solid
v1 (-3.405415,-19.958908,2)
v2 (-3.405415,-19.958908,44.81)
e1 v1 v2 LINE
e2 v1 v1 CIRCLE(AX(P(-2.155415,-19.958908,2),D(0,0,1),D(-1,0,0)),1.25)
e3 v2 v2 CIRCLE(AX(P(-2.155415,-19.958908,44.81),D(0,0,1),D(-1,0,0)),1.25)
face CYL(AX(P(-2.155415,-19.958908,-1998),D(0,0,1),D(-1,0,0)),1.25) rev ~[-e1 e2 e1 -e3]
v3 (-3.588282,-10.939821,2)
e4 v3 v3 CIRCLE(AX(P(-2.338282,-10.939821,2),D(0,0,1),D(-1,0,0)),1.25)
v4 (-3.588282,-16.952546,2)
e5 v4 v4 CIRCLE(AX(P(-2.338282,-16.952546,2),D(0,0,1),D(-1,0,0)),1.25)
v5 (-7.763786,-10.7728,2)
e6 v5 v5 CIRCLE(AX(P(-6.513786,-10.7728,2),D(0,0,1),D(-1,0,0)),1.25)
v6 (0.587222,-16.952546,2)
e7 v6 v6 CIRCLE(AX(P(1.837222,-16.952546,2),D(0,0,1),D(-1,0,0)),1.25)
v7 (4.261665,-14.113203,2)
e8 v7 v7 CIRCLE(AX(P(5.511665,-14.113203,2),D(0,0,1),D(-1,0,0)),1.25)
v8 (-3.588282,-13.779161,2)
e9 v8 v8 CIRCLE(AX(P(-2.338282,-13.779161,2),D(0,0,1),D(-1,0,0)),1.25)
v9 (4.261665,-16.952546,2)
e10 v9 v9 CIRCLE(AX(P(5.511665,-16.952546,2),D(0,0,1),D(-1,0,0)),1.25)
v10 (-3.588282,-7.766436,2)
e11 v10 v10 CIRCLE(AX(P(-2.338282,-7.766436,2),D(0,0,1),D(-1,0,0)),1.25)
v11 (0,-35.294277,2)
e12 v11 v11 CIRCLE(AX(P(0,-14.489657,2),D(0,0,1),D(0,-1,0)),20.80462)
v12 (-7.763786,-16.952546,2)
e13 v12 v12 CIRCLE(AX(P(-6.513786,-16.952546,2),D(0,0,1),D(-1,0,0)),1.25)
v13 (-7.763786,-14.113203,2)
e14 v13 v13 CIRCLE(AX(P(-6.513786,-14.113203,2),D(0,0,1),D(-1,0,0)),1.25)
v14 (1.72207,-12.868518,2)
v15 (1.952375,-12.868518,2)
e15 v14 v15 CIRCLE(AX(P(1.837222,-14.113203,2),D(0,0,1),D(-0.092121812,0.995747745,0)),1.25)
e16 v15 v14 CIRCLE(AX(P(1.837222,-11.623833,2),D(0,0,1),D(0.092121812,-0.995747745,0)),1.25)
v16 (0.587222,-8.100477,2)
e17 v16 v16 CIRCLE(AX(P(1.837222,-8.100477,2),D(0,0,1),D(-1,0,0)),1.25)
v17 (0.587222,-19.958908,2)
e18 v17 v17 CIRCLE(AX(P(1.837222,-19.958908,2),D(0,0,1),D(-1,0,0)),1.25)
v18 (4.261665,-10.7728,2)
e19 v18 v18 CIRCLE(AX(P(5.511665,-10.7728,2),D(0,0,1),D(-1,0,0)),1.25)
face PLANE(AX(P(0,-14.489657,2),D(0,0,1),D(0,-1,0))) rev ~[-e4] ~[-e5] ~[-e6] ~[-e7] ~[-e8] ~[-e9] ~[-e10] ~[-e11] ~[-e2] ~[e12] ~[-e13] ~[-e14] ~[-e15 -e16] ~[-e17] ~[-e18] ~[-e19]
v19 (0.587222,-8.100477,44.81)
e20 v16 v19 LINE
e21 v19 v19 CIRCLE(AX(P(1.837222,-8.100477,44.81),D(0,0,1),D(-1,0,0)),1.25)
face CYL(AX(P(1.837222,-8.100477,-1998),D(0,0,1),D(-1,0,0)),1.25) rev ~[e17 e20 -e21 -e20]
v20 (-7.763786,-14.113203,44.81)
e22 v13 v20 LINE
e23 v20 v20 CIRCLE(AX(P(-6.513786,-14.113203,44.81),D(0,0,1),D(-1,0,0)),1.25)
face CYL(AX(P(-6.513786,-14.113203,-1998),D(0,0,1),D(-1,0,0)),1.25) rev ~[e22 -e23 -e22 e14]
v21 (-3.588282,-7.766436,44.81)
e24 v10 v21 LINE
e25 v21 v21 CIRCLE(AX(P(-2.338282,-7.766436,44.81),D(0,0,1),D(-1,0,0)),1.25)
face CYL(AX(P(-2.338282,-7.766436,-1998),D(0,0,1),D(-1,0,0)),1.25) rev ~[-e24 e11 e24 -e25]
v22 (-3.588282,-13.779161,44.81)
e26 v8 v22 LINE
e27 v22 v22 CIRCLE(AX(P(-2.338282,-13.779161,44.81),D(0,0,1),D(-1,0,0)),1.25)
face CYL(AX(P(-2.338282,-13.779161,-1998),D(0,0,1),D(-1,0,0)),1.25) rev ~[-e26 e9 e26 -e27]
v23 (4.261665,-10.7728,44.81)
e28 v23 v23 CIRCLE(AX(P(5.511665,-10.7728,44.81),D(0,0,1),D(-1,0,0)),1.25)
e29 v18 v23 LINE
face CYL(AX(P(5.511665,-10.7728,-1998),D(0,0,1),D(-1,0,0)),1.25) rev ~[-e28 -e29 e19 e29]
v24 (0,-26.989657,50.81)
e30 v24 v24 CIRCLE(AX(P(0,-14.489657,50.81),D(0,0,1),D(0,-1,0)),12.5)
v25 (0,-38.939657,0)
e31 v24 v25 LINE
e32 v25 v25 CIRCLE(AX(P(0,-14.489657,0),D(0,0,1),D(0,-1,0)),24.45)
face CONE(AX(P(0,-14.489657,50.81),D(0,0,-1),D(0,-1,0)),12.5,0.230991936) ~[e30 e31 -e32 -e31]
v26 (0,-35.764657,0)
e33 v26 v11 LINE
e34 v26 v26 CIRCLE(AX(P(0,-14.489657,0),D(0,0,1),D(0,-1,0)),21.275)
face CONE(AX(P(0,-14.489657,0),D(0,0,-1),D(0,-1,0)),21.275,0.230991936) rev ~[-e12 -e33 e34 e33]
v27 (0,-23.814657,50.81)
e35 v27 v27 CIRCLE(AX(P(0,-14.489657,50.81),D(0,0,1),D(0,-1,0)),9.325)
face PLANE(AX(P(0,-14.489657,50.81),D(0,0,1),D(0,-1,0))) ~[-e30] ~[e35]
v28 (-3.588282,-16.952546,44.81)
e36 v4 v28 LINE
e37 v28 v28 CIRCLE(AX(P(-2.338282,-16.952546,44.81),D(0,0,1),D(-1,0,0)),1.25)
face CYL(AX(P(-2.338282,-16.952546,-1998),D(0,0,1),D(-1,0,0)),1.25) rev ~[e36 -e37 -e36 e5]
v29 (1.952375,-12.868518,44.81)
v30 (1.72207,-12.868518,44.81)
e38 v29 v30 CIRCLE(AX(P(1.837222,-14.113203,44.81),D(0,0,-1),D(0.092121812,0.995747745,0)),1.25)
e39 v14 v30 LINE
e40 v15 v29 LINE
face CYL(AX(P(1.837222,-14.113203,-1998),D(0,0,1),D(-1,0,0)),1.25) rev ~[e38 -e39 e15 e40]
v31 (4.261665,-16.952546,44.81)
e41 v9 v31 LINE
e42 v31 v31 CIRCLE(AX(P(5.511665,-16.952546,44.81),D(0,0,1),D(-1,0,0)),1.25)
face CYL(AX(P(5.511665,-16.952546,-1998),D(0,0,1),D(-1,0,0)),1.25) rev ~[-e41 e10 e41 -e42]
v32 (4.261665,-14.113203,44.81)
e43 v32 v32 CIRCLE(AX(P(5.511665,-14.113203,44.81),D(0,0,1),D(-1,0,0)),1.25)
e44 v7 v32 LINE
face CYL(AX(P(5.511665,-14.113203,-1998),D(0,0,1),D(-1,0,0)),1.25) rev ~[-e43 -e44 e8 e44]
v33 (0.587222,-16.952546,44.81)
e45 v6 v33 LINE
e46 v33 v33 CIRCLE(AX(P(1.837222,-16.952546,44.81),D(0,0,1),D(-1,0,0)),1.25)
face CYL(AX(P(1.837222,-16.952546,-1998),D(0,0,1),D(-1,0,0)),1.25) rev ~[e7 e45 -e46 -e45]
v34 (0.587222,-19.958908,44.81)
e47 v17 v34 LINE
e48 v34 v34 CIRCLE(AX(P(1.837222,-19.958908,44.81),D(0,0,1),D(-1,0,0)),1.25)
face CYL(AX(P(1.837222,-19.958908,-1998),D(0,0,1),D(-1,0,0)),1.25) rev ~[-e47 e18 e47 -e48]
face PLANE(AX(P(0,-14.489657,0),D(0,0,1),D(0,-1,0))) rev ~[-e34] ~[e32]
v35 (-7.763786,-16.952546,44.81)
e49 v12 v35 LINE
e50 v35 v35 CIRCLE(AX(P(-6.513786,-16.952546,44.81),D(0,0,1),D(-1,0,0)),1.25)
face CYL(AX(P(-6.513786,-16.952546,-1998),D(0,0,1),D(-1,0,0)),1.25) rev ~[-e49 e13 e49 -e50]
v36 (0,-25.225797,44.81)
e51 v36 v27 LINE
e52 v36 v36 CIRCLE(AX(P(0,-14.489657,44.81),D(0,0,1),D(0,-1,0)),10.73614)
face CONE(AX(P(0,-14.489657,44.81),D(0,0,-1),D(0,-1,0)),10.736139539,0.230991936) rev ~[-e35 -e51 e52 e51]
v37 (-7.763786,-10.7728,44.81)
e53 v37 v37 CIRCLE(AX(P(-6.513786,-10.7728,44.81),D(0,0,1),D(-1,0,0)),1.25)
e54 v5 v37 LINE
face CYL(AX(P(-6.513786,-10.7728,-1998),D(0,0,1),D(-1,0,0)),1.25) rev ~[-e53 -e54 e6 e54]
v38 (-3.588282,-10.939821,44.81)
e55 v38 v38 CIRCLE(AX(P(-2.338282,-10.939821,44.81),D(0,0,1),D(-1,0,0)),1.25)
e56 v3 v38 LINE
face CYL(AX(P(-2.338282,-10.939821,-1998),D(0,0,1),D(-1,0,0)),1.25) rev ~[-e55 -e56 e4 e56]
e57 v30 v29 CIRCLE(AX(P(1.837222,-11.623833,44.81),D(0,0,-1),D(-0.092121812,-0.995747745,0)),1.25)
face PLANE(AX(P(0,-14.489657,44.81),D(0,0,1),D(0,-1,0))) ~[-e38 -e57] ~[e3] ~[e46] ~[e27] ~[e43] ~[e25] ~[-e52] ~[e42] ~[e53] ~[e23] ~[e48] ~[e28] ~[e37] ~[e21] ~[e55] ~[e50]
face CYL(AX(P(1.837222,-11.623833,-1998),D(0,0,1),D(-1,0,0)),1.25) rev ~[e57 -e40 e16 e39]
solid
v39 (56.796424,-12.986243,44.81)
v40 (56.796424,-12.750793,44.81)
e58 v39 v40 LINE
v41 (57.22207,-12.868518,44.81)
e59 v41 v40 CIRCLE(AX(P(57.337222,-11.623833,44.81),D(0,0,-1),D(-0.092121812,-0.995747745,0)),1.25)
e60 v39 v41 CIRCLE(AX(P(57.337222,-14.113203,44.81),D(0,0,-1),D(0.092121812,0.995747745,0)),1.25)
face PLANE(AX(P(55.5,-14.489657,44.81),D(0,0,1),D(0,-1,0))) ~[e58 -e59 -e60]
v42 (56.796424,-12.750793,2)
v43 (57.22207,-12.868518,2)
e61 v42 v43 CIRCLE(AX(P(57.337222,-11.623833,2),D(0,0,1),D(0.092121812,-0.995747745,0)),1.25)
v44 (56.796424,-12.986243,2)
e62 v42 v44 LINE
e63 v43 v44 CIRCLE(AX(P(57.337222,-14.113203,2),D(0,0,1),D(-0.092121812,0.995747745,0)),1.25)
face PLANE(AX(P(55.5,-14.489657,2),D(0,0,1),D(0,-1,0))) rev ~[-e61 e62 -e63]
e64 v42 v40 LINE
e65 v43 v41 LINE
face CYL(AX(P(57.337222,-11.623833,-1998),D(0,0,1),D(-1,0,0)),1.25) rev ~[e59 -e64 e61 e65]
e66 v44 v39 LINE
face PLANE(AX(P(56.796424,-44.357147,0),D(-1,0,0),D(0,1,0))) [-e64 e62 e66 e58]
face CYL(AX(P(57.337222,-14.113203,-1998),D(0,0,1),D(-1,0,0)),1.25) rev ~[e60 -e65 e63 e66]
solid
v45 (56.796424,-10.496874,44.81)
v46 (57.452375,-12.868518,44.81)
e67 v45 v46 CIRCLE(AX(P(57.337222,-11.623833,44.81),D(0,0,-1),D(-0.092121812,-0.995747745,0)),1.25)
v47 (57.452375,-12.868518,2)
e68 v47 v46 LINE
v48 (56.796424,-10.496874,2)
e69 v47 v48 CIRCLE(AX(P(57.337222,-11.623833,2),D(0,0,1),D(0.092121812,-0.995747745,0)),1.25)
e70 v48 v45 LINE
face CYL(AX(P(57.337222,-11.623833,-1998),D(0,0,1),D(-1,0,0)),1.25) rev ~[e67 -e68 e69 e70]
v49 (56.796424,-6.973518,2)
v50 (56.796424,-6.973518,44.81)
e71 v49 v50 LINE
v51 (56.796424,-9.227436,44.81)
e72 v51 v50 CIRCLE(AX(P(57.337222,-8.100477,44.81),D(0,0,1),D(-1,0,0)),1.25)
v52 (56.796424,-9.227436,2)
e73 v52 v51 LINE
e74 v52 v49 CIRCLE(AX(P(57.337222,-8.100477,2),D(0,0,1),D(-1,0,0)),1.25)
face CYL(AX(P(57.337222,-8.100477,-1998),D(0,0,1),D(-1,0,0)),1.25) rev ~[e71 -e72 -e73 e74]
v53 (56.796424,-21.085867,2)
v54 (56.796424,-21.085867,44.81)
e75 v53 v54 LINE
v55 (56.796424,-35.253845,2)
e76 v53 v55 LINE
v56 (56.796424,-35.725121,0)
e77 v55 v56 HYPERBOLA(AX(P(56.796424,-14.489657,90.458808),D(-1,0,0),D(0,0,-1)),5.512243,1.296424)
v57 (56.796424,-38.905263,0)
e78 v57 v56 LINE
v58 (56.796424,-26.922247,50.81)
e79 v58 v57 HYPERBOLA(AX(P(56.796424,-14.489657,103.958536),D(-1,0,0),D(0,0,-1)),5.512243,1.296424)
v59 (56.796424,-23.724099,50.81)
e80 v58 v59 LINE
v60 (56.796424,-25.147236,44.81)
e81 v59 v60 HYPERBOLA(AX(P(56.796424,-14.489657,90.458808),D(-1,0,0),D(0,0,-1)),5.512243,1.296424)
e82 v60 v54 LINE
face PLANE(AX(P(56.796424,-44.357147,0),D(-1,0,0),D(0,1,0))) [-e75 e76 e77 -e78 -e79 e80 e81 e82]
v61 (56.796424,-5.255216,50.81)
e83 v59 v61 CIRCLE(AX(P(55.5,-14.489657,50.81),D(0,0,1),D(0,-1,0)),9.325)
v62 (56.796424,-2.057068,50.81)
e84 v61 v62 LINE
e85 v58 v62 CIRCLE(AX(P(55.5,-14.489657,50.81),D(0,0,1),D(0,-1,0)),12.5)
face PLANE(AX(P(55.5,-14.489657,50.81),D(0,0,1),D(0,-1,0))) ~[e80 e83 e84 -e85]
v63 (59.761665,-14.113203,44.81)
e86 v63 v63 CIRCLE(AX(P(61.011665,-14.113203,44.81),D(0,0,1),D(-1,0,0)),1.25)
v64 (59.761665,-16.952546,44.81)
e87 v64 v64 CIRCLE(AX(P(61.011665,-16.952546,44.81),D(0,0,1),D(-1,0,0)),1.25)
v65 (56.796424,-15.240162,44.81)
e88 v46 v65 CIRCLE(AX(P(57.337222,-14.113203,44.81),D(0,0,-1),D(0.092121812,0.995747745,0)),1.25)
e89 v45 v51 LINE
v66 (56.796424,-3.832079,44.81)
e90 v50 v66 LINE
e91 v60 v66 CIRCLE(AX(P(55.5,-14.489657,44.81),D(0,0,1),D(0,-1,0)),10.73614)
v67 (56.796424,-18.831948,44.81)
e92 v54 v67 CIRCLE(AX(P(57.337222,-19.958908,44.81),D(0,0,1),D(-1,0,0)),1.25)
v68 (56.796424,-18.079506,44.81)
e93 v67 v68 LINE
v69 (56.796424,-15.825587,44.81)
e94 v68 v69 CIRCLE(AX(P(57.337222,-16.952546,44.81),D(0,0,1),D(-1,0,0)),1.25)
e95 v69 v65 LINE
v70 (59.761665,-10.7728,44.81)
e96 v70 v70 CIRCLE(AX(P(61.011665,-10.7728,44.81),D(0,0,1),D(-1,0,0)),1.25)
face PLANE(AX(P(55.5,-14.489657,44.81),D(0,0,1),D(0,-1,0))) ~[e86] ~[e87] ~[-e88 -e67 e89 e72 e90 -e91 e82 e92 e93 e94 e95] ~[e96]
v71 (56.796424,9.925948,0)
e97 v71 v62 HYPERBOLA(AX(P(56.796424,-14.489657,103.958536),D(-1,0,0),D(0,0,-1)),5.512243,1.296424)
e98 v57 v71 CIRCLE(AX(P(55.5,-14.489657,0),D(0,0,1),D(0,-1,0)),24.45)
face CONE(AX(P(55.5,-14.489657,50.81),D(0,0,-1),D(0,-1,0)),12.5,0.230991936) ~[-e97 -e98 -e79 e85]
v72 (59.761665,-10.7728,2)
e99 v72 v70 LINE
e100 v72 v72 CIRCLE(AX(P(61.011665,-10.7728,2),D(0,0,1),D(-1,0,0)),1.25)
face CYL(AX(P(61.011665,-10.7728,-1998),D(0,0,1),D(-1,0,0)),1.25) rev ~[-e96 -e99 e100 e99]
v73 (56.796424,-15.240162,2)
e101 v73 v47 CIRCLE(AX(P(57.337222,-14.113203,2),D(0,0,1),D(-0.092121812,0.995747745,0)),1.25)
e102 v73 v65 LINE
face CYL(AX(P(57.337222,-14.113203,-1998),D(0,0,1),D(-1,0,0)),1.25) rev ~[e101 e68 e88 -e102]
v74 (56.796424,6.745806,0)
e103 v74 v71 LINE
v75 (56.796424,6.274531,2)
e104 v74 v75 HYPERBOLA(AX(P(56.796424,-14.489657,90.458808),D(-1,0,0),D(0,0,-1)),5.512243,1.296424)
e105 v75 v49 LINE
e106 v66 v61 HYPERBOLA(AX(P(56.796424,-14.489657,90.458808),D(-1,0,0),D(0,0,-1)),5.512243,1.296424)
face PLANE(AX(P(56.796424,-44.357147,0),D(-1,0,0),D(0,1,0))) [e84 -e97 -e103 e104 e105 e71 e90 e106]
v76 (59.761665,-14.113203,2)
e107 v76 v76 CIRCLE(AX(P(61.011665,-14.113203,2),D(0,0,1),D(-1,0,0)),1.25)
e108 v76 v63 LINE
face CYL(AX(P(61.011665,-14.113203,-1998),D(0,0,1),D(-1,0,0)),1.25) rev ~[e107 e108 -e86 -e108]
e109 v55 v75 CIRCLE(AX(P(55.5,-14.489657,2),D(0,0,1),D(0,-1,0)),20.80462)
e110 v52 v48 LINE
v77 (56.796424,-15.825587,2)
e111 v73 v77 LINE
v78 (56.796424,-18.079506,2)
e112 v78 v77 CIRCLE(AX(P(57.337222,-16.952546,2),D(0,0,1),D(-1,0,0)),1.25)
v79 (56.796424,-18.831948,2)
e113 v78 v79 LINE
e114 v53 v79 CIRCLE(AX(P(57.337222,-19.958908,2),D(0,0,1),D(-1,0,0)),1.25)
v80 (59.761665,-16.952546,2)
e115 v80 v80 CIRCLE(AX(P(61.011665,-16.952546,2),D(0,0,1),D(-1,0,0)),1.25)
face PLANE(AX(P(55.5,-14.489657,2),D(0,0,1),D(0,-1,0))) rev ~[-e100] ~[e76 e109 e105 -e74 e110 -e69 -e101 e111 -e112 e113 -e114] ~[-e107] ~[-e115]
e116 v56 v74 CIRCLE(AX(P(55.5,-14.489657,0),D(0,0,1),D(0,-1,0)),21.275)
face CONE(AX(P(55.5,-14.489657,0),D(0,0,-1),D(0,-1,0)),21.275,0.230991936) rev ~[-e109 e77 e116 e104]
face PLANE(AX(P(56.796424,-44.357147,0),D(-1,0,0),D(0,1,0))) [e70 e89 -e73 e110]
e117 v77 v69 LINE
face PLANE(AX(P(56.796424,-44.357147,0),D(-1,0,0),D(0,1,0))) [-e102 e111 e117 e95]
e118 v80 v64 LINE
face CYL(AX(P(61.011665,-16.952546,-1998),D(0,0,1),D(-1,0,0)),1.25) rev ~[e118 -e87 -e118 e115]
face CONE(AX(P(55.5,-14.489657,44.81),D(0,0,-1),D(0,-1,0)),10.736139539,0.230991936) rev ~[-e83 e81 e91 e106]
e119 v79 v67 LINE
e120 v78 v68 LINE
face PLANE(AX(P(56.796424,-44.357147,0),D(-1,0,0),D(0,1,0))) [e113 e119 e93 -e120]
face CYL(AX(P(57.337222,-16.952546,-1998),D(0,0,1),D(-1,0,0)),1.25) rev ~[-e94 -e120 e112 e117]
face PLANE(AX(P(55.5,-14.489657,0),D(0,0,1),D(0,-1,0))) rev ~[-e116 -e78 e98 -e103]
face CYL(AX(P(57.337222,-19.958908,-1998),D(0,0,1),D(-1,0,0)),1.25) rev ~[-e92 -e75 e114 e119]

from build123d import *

# Parameters (mm, degrees)
F3_D     = 2.5
F3_DEPTH = 2000
F3_START = 2
F3_TIP   = 0.7510757738
F6_DEPTH = 61


with BuildPart() as f1:
    # F0 (on Right) → F1 (revolve)
    with BuildSketch(Plane.YZ):
        Polygon((-26.9896572456, 50.81), (-38.9396572456, 0), (-35.7646572456, 0), (-35.2942773991, 2), (-25.225796785, 44.81), (-23.8146572456, 50.81), align=None)
        Polygon((-25.225796785, 44.81), (-35.2942773991, 2), (-14.4896572456, 2), (-14.4896572456, 44.81), align=None)
    revolve(axis=Axis((0, -14.4896572456, 23.405), (0, 0, 1)))

    # F3
    # its depths count from where the whole tool has entered the part; down to there all is cleared
    with Locations(Plane(origin=(0, 0, 0), x_dir=(1, 0, 0), z_dir=(0, 0, -1)).offset(-F3_START)):
        with Locations((-6.5137860365, 10.772800073), (-6.5137860365, 14.1132026911), (-6.5137860365, 16.9525463134), (-2.3382815998, 16.9525463134), (-2.1554150153, 19.9589077383), (1.8372223713, 19.9589077383), (1.8372223713, 16.9525463134), (1.8372223713, 14.1132026911), (-2.3382815998, 13.779161498), (-2.3382815998, 10.9398206696), (-2.3382815998, 7.7664363198), (1.8372223713, 8.1004770473), (1.8372223713, 11.6238333285), (5.5116652511, 10.772800073), (5.5116652511, 14.1132026911), (5.5116652511, 16.9525463134)):
            Hole(F3_D / 2, depth=F3_DEPTH)
            with Locations((0, 0, -(F3_DEPTH + F3_TIP / 2))):  # 118° drill point
                Cone(0, F3_D / 2, F3_TIP, mode=Mode.SUBTRACT)


with BuildPart() as f4_1:
    # F4: copy of F1
    add(f1.part.moved(Location((55.5, 0, 0))))

    # F5 (on Top) → F6 (cut)
    with BuildSketch(Plane.XY):
        Polygon((30.1178526133, -44.6785725653), (56.7964240909, -44.3571470678), (56.7964240909, 18.9642868936), (23.0464246124, 18.9642868936), align=None)
    extrude(amount=F6_DEPTH, mode=Mode.SUBTRACT)


solid = Compound([f1.part, f4_1.part])
